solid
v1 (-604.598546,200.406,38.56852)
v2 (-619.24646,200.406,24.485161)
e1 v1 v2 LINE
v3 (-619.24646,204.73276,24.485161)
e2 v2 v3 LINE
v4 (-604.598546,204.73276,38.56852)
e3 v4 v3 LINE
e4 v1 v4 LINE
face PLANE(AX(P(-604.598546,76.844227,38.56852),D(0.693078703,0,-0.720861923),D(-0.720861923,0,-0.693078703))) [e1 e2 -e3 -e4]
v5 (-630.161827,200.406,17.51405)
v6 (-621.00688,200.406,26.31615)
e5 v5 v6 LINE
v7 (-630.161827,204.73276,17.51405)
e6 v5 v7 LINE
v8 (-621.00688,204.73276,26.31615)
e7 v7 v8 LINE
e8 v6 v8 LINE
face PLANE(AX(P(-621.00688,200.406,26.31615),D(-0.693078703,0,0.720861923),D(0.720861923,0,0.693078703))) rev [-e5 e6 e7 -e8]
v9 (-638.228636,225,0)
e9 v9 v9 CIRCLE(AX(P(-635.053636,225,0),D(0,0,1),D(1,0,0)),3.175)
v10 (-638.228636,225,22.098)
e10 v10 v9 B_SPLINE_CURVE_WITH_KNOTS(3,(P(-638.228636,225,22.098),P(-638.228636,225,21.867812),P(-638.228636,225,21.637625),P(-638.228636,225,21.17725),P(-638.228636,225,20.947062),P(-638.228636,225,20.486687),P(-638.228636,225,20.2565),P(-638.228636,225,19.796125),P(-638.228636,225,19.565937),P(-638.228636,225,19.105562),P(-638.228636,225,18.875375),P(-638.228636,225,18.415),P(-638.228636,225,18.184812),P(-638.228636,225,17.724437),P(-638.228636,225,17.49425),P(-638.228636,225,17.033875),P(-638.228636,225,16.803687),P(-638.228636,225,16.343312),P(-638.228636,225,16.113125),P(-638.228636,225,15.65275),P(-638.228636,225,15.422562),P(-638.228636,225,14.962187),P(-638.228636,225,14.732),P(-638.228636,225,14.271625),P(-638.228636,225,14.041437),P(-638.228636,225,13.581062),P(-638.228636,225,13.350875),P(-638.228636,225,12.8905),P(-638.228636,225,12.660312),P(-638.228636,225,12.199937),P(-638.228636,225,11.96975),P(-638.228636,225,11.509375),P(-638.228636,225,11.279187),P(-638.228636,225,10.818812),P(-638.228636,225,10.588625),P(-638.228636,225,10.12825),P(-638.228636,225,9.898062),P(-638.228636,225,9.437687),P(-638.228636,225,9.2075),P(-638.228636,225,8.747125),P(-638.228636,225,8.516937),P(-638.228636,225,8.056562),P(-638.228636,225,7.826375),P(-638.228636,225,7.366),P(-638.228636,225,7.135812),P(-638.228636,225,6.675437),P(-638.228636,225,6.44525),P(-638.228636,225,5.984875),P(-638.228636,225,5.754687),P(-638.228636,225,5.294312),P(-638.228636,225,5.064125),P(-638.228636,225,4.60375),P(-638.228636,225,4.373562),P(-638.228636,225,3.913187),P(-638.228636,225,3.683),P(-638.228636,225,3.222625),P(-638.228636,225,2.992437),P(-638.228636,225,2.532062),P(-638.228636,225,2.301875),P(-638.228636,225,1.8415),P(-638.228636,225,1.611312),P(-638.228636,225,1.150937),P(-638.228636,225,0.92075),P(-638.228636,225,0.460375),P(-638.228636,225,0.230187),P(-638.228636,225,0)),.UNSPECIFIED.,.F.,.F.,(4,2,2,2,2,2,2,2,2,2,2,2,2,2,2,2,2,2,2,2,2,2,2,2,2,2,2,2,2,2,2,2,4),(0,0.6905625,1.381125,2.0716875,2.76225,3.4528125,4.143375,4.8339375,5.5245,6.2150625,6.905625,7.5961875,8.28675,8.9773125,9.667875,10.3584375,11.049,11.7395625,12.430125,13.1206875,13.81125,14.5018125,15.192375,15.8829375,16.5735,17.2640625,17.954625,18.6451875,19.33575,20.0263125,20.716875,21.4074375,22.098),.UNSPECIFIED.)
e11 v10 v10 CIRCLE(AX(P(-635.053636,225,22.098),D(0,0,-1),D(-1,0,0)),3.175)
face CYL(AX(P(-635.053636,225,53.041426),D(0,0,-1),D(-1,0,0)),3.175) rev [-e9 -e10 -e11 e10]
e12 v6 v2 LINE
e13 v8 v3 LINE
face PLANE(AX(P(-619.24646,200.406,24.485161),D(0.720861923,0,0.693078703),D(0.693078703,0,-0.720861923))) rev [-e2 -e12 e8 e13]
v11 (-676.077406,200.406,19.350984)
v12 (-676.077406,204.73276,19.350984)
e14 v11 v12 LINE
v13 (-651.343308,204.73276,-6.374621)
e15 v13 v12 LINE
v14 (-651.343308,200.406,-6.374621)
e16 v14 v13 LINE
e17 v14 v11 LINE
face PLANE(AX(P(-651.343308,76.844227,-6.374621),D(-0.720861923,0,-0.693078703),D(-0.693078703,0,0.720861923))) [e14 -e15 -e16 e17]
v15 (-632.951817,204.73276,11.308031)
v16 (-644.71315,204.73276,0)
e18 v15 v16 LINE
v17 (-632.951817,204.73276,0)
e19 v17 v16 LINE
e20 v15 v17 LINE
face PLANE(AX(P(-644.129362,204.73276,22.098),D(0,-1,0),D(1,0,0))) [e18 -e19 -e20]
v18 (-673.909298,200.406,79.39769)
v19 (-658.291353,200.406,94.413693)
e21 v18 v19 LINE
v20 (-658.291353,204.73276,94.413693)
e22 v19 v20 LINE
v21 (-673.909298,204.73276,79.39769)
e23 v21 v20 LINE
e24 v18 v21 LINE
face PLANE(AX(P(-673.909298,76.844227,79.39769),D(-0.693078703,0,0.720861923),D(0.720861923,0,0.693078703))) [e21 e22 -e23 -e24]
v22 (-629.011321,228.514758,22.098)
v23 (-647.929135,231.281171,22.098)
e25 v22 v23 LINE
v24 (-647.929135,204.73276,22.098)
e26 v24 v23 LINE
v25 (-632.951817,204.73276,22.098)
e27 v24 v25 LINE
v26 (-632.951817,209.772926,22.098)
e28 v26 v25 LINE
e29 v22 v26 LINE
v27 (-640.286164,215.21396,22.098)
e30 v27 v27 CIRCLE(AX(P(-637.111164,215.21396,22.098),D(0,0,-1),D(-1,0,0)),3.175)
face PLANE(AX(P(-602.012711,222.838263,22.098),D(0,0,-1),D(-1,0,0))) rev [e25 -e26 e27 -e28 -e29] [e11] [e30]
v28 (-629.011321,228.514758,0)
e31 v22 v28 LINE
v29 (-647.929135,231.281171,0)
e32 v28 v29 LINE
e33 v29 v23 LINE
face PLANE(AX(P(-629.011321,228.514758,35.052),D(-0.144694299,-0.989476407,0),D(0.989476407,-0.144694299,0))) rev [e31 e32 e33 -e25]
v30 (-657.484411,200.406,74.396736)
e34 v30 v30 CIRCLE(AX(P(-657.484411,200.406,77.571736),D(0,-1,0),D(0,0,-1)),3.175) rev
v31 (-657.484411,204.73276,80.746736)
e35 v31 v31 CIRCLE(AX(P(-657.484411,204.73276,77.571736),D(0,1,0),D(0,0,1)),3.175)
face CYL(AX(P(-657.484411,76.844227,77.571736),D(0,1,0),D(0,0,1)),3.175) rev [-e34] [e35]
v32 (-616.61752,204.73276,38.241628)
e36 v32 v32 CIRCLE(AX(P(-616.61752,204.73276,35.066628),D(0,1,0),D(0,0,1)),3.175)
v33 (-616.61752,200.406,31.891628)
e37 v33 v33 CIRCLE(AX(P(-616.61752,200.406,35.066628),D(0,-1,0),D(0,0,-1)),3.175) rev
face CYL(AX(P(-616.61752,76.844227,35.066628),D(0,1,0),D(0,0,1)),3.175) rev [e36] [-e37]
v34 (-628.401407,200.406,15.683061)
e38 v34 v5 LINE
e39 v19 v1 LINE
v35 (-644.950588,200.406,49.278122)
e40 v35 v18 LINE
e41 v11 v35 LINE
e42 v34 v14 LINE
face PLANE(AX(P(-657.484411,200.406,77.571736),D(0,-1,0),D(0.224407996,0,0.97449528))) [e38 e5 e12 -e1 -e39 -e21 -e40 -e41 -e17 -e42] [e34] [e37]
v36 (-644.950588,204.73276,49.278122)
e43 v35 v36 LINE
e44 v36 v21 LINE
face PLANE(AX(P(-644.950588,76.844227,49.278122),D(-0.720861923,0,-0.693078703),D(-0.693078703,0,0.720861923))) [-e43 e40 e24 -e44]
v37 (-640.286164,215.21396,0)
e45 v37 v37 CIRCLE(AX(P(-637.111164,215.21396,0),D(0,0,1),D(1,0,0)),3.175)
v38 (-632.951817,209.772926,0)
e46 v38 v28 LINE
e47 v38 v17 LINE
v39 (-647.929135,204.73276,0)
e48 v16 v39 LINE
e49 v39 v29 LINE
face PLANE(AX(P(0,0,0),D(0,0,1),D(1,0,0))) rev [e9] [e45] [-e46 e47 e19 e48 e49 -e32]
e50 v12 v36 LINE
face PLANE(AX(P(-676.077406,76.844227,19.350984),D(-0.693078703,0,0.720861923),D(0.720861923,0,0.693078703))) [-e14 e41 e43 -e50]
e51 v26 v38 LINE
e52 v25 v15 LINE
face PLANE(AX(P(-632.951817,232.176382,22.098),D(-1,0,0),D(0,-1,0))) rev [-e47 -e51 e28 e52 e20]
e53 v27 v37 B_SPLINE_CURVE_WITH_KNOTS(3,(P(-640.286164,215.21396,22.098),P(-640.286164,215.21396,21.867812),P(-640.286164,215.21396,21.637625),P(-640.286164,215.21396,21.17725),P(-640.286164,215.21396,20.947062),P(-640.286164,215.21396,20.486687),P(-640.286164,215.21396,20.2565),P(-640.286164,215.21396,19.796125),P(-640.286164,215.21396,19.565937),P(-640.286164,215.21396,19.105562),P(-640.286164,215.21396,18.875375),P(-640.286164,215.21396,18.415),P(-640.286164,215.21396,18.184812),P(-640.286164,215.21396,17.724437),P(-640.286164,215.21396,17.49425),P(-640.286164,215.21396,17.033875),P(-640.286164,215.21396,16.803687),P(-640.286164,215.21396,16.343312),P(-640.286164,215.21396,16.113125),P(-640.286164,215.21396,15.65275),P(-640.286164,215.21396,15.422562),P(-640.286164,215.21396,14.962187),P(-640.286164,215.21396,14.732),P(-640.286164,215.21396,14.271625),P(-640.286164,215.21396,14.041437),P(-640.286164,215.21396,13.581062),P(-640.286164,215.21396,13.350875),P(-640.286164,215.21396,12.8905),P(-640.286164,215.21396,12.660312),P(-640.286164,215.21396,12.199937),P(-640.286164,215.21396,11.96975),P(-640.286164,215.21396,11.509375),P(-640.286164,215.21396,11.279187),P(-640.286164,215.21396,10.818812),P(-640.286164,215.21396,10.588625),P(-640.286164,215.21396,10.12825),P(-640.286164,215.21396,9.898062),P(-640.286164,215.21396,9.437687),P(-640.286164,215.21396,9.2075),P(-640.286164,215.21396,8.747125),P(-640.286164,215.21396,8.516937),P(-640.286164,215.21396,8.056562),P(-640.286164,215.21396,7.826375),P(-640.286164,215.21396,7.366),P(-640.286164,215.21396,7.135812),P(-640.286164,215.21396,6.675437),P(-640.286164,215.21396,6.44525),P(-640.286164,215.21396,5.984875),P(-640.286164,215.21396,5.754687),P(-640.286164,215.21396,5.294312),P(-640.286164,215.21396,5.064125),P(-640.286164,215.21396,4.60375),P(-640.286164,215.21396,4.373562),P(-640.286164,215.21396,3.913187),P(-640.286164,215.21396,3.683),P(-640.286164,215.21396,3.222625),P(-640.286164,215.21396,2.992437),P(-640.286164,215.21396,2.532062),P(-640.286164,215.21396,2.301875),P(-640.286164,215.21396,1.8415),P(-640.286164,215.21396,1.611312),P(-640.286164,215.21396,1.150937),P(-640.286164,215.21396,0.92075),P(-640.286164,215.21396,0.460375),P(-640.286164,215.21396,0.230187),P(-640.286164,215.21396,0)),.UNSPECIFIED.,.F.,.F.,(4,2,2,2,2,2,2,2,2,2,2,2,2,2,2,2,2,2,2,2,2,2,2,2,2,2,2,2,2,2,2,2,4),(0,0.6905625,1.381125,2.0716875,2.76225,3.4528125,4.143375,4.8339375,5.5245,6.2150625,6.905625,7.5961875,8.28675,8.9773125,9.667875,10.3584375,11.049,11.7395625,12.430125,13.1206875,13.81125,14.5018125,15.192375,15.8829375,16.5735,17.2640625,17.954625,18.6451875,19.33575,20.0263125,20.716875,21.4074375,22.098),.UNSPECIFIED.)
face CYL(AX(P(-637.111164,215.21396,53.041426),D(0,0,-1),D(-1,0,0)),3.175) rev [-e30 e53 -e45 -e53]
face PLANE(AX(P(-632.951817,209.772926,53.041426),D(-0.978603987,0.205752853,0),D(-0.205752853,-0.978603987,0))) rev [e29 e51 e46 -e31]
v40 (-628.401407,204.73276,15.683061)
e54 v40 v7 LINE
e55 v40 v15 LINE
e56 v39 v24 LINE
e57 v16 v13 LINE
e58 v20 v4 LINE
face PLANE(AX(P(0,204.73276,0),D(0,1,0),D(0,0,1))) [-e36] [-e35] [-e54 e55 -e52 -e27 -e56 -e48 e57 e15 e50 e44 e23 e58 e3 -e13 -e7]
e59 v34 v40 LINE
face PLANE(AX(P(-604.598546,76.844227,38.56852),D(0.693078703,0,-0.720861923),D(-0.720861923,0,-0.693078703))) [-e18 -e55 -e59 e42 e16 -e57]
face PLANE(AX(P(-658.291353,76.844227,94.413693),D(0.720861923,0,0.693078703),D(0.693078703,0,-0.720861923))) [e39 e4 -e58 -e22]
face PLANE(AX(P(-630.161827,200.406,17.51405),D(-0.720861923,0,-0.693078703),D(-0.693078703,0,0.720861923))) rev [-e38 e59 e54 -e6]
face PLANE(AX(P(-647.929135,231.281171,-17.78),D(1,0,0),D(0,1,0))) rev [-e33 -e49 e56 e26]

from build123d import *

# Parameters (mm, degrees)
SKETCH1_R            = 3.175
BOSS_EXTRUDE1_DEPTH  = 22.098
SKETCH2_W            = 6.364573253
SKETCH2_H            = 22.098
BOSS_EXTRUDE2_DEPTH  = 8.89
SKETCH12_R           = 3.175
BOSS_EXTRUDE6_DEPTH  = 4.326760245
BOSS_EXTRUDE12_DEPTH = 22.098
CUT_EXTRUDE1_DEPTH   = 35.052
BOSS_EXTRUDE13_DEPTH = 22.098
BOSS_EXTRUDE14_REACH = 685.189
SKETCH22_W           = 11.177544577
SKETCH22_H           = 22.098
CUT_EXTRUDE3_DEPTH   = 39.878
CUT_EXTRUDE4_DEPTH   = 684.154025117


with BuildPart() as part:
    # Sketch1 → Boss-Extrude1 (new body)
    with BuildSketch(Plane.XY):
        Polygon((-629.011320926, 228.514758378), (-646.417262265, 232.174381811), (-650.357758597, 213.432549691), (-632.951817258, 209.772926258), align=None)
        with Locations(Location((-635.053635704, 225, 0), (0, 0, 180))):
            Circle(SKETCH1_R, mode=Mode.SUBTRACT)
        with Locations(Location((-637.11116423, 215.213960129, 0), (0, 0, 180))):
            Circle(SKETCH1_R, mode=Mode.SUBTRACT)
    extrude(amount=BOSS_EXTRUDE1_DEPTH)

    # Sketch2 → Boss-Extrude2 (add)
    with BuildSketch(Plane(origin=(15.442364745, 73.44714554, 0), x_dir=(0.9786039871389689, -0.20575285260650125, 0), z_dir=(-0.20575285260650128, -0.978603987138969, 0))):
        with Locations((-677.174764942, 11.049)):
            Rectangle(SKETCH2_W, SKETCH2_H)
    extrude(amount=BOSS_EXTRUDE2_DEPTH)

    # Sketch12 → Boss-Extrude6 (add)
    with BuildSketch(Plane(origin=(0, 204.732760245, 0), x_dir=(1, 0, 0), z_dir=(0, 1, 0))):
        Polygon((-673.909297528, -79.397690297), (-658.291353122, -94.413693096), (-604.598546014, -38.568519939), (-651.343308245, 6.374621247), (-676.077405689, -19.350983895), (-644.950587864, -49.278122283), align=None)
        with Locations(Location((-657.484410814, -77.571736143, 0), (0, 0, 270))):
            Circle(SKETCH12_R, mode=Mode.SUBTRACT)
        with Locations(Location((-616.617520158, -35.066627769, 0), (0, 0, 270))):
            Circle(SKETCH12_R, mode=Mode.SUBTRACT)
    extrude(amount=-BOSS_EXTRUDE6_DEPTH)

    # Sketch19 → Boss-Extrude12 (add)
    with BuildSketch(Plane.XY.offset(22.098)):
        Polygon((-646.417262265, 232.174381811), (-654.037262265, 232.174381811), (-654.037262265, 204.732760245), (-652.186901457, 204.732760245), align=None)
    extrude(amount=-BOSS_EXTRUDE12_DEPTH)

    # Sketch20 → Cut-Extrude1 (cut)
    with BuildSketch(Plane(origin=(0, 0, 0), x_dir=(-1, 0, 0), z_dir=(0, 0, -1))):
        Polygon((629.011320926, 228.514758378), (654.037262265, 232.174381811), (646.417262265, 232.174381811), align=None)
    extrude(amount=-CUT_EXTRUDE1_DEPTH, mode=Mode.SUBTRACT)

    # Sketch21 → Boss-Extrude13 (add)
    with BuildSketch(Plane(origin=(0, 0, 0), x_dir=(-1, 0, 0), z_dir=(0, 0, -1))):
        Polygon((644.129361835, 212.123020588), (644.129361835, 204.732760245), (645.683174376, 204.732760245), align=None)
    extrude(amount=-BOSS_EXTRUDE13_DEPTH)

    # Sketch22 → Boss-Extrude14 (add, up to next)
    with BuildSketch(Plane(origin=(0, 204.732760245, 0), x_dir=(1, 0, 0), z_dir=(0, 1, 0)), mode=Mode.PRIVATE) as boss_extrude14_sk1:
        with Locations((-638.540589547, -11.049)):
            Rectangle(SKETCH22_W, SKETCH22_H)
    boss_extrude14_tool1 = extrude(boss_extrude14_sk1.sketch, amount=BOSS_EXTRUDE14_REACH, mode=Mode.PRIVATE) - part.part
    add(boss_extrude14_tool1.solids().sort_by_distance((-638.54059, 204.73276, 11.049))[0])

    # Sketch23 → Cut-Extrude3 (cut)
    with BuildSketch(Plane.XY.offset(22.098)):
        Polygon((-647.929135227, 231.281170861), (-647.929135227, 204.732760245), (-654.037262265, 204.732760245), (-654.037262265, 232.174381811), align=None)
    extrude(amount=-CUT_EXTRUDE3_DEPTH, mode=Mode.SUBTRACT)

    # Sketch24 → Cut-Extrude4 (cut, through all)
    with BuildSketch(Plane(origin=(0, 204.732760245, 0), x_dir=(1, 0, 0), z_dir=(0, 1, 0))):
        Polygon((-619.246460285, -24.485160698), (-621.00688019, -26.316149982), (-630.161826609, -17.514050456), (-628.401406704, -15.683061172), align=None)
    extrude(amount=-CUT_EXTRUDE4_DEPTH, mode=Mode.SUBTRACT)


solid = part.part
